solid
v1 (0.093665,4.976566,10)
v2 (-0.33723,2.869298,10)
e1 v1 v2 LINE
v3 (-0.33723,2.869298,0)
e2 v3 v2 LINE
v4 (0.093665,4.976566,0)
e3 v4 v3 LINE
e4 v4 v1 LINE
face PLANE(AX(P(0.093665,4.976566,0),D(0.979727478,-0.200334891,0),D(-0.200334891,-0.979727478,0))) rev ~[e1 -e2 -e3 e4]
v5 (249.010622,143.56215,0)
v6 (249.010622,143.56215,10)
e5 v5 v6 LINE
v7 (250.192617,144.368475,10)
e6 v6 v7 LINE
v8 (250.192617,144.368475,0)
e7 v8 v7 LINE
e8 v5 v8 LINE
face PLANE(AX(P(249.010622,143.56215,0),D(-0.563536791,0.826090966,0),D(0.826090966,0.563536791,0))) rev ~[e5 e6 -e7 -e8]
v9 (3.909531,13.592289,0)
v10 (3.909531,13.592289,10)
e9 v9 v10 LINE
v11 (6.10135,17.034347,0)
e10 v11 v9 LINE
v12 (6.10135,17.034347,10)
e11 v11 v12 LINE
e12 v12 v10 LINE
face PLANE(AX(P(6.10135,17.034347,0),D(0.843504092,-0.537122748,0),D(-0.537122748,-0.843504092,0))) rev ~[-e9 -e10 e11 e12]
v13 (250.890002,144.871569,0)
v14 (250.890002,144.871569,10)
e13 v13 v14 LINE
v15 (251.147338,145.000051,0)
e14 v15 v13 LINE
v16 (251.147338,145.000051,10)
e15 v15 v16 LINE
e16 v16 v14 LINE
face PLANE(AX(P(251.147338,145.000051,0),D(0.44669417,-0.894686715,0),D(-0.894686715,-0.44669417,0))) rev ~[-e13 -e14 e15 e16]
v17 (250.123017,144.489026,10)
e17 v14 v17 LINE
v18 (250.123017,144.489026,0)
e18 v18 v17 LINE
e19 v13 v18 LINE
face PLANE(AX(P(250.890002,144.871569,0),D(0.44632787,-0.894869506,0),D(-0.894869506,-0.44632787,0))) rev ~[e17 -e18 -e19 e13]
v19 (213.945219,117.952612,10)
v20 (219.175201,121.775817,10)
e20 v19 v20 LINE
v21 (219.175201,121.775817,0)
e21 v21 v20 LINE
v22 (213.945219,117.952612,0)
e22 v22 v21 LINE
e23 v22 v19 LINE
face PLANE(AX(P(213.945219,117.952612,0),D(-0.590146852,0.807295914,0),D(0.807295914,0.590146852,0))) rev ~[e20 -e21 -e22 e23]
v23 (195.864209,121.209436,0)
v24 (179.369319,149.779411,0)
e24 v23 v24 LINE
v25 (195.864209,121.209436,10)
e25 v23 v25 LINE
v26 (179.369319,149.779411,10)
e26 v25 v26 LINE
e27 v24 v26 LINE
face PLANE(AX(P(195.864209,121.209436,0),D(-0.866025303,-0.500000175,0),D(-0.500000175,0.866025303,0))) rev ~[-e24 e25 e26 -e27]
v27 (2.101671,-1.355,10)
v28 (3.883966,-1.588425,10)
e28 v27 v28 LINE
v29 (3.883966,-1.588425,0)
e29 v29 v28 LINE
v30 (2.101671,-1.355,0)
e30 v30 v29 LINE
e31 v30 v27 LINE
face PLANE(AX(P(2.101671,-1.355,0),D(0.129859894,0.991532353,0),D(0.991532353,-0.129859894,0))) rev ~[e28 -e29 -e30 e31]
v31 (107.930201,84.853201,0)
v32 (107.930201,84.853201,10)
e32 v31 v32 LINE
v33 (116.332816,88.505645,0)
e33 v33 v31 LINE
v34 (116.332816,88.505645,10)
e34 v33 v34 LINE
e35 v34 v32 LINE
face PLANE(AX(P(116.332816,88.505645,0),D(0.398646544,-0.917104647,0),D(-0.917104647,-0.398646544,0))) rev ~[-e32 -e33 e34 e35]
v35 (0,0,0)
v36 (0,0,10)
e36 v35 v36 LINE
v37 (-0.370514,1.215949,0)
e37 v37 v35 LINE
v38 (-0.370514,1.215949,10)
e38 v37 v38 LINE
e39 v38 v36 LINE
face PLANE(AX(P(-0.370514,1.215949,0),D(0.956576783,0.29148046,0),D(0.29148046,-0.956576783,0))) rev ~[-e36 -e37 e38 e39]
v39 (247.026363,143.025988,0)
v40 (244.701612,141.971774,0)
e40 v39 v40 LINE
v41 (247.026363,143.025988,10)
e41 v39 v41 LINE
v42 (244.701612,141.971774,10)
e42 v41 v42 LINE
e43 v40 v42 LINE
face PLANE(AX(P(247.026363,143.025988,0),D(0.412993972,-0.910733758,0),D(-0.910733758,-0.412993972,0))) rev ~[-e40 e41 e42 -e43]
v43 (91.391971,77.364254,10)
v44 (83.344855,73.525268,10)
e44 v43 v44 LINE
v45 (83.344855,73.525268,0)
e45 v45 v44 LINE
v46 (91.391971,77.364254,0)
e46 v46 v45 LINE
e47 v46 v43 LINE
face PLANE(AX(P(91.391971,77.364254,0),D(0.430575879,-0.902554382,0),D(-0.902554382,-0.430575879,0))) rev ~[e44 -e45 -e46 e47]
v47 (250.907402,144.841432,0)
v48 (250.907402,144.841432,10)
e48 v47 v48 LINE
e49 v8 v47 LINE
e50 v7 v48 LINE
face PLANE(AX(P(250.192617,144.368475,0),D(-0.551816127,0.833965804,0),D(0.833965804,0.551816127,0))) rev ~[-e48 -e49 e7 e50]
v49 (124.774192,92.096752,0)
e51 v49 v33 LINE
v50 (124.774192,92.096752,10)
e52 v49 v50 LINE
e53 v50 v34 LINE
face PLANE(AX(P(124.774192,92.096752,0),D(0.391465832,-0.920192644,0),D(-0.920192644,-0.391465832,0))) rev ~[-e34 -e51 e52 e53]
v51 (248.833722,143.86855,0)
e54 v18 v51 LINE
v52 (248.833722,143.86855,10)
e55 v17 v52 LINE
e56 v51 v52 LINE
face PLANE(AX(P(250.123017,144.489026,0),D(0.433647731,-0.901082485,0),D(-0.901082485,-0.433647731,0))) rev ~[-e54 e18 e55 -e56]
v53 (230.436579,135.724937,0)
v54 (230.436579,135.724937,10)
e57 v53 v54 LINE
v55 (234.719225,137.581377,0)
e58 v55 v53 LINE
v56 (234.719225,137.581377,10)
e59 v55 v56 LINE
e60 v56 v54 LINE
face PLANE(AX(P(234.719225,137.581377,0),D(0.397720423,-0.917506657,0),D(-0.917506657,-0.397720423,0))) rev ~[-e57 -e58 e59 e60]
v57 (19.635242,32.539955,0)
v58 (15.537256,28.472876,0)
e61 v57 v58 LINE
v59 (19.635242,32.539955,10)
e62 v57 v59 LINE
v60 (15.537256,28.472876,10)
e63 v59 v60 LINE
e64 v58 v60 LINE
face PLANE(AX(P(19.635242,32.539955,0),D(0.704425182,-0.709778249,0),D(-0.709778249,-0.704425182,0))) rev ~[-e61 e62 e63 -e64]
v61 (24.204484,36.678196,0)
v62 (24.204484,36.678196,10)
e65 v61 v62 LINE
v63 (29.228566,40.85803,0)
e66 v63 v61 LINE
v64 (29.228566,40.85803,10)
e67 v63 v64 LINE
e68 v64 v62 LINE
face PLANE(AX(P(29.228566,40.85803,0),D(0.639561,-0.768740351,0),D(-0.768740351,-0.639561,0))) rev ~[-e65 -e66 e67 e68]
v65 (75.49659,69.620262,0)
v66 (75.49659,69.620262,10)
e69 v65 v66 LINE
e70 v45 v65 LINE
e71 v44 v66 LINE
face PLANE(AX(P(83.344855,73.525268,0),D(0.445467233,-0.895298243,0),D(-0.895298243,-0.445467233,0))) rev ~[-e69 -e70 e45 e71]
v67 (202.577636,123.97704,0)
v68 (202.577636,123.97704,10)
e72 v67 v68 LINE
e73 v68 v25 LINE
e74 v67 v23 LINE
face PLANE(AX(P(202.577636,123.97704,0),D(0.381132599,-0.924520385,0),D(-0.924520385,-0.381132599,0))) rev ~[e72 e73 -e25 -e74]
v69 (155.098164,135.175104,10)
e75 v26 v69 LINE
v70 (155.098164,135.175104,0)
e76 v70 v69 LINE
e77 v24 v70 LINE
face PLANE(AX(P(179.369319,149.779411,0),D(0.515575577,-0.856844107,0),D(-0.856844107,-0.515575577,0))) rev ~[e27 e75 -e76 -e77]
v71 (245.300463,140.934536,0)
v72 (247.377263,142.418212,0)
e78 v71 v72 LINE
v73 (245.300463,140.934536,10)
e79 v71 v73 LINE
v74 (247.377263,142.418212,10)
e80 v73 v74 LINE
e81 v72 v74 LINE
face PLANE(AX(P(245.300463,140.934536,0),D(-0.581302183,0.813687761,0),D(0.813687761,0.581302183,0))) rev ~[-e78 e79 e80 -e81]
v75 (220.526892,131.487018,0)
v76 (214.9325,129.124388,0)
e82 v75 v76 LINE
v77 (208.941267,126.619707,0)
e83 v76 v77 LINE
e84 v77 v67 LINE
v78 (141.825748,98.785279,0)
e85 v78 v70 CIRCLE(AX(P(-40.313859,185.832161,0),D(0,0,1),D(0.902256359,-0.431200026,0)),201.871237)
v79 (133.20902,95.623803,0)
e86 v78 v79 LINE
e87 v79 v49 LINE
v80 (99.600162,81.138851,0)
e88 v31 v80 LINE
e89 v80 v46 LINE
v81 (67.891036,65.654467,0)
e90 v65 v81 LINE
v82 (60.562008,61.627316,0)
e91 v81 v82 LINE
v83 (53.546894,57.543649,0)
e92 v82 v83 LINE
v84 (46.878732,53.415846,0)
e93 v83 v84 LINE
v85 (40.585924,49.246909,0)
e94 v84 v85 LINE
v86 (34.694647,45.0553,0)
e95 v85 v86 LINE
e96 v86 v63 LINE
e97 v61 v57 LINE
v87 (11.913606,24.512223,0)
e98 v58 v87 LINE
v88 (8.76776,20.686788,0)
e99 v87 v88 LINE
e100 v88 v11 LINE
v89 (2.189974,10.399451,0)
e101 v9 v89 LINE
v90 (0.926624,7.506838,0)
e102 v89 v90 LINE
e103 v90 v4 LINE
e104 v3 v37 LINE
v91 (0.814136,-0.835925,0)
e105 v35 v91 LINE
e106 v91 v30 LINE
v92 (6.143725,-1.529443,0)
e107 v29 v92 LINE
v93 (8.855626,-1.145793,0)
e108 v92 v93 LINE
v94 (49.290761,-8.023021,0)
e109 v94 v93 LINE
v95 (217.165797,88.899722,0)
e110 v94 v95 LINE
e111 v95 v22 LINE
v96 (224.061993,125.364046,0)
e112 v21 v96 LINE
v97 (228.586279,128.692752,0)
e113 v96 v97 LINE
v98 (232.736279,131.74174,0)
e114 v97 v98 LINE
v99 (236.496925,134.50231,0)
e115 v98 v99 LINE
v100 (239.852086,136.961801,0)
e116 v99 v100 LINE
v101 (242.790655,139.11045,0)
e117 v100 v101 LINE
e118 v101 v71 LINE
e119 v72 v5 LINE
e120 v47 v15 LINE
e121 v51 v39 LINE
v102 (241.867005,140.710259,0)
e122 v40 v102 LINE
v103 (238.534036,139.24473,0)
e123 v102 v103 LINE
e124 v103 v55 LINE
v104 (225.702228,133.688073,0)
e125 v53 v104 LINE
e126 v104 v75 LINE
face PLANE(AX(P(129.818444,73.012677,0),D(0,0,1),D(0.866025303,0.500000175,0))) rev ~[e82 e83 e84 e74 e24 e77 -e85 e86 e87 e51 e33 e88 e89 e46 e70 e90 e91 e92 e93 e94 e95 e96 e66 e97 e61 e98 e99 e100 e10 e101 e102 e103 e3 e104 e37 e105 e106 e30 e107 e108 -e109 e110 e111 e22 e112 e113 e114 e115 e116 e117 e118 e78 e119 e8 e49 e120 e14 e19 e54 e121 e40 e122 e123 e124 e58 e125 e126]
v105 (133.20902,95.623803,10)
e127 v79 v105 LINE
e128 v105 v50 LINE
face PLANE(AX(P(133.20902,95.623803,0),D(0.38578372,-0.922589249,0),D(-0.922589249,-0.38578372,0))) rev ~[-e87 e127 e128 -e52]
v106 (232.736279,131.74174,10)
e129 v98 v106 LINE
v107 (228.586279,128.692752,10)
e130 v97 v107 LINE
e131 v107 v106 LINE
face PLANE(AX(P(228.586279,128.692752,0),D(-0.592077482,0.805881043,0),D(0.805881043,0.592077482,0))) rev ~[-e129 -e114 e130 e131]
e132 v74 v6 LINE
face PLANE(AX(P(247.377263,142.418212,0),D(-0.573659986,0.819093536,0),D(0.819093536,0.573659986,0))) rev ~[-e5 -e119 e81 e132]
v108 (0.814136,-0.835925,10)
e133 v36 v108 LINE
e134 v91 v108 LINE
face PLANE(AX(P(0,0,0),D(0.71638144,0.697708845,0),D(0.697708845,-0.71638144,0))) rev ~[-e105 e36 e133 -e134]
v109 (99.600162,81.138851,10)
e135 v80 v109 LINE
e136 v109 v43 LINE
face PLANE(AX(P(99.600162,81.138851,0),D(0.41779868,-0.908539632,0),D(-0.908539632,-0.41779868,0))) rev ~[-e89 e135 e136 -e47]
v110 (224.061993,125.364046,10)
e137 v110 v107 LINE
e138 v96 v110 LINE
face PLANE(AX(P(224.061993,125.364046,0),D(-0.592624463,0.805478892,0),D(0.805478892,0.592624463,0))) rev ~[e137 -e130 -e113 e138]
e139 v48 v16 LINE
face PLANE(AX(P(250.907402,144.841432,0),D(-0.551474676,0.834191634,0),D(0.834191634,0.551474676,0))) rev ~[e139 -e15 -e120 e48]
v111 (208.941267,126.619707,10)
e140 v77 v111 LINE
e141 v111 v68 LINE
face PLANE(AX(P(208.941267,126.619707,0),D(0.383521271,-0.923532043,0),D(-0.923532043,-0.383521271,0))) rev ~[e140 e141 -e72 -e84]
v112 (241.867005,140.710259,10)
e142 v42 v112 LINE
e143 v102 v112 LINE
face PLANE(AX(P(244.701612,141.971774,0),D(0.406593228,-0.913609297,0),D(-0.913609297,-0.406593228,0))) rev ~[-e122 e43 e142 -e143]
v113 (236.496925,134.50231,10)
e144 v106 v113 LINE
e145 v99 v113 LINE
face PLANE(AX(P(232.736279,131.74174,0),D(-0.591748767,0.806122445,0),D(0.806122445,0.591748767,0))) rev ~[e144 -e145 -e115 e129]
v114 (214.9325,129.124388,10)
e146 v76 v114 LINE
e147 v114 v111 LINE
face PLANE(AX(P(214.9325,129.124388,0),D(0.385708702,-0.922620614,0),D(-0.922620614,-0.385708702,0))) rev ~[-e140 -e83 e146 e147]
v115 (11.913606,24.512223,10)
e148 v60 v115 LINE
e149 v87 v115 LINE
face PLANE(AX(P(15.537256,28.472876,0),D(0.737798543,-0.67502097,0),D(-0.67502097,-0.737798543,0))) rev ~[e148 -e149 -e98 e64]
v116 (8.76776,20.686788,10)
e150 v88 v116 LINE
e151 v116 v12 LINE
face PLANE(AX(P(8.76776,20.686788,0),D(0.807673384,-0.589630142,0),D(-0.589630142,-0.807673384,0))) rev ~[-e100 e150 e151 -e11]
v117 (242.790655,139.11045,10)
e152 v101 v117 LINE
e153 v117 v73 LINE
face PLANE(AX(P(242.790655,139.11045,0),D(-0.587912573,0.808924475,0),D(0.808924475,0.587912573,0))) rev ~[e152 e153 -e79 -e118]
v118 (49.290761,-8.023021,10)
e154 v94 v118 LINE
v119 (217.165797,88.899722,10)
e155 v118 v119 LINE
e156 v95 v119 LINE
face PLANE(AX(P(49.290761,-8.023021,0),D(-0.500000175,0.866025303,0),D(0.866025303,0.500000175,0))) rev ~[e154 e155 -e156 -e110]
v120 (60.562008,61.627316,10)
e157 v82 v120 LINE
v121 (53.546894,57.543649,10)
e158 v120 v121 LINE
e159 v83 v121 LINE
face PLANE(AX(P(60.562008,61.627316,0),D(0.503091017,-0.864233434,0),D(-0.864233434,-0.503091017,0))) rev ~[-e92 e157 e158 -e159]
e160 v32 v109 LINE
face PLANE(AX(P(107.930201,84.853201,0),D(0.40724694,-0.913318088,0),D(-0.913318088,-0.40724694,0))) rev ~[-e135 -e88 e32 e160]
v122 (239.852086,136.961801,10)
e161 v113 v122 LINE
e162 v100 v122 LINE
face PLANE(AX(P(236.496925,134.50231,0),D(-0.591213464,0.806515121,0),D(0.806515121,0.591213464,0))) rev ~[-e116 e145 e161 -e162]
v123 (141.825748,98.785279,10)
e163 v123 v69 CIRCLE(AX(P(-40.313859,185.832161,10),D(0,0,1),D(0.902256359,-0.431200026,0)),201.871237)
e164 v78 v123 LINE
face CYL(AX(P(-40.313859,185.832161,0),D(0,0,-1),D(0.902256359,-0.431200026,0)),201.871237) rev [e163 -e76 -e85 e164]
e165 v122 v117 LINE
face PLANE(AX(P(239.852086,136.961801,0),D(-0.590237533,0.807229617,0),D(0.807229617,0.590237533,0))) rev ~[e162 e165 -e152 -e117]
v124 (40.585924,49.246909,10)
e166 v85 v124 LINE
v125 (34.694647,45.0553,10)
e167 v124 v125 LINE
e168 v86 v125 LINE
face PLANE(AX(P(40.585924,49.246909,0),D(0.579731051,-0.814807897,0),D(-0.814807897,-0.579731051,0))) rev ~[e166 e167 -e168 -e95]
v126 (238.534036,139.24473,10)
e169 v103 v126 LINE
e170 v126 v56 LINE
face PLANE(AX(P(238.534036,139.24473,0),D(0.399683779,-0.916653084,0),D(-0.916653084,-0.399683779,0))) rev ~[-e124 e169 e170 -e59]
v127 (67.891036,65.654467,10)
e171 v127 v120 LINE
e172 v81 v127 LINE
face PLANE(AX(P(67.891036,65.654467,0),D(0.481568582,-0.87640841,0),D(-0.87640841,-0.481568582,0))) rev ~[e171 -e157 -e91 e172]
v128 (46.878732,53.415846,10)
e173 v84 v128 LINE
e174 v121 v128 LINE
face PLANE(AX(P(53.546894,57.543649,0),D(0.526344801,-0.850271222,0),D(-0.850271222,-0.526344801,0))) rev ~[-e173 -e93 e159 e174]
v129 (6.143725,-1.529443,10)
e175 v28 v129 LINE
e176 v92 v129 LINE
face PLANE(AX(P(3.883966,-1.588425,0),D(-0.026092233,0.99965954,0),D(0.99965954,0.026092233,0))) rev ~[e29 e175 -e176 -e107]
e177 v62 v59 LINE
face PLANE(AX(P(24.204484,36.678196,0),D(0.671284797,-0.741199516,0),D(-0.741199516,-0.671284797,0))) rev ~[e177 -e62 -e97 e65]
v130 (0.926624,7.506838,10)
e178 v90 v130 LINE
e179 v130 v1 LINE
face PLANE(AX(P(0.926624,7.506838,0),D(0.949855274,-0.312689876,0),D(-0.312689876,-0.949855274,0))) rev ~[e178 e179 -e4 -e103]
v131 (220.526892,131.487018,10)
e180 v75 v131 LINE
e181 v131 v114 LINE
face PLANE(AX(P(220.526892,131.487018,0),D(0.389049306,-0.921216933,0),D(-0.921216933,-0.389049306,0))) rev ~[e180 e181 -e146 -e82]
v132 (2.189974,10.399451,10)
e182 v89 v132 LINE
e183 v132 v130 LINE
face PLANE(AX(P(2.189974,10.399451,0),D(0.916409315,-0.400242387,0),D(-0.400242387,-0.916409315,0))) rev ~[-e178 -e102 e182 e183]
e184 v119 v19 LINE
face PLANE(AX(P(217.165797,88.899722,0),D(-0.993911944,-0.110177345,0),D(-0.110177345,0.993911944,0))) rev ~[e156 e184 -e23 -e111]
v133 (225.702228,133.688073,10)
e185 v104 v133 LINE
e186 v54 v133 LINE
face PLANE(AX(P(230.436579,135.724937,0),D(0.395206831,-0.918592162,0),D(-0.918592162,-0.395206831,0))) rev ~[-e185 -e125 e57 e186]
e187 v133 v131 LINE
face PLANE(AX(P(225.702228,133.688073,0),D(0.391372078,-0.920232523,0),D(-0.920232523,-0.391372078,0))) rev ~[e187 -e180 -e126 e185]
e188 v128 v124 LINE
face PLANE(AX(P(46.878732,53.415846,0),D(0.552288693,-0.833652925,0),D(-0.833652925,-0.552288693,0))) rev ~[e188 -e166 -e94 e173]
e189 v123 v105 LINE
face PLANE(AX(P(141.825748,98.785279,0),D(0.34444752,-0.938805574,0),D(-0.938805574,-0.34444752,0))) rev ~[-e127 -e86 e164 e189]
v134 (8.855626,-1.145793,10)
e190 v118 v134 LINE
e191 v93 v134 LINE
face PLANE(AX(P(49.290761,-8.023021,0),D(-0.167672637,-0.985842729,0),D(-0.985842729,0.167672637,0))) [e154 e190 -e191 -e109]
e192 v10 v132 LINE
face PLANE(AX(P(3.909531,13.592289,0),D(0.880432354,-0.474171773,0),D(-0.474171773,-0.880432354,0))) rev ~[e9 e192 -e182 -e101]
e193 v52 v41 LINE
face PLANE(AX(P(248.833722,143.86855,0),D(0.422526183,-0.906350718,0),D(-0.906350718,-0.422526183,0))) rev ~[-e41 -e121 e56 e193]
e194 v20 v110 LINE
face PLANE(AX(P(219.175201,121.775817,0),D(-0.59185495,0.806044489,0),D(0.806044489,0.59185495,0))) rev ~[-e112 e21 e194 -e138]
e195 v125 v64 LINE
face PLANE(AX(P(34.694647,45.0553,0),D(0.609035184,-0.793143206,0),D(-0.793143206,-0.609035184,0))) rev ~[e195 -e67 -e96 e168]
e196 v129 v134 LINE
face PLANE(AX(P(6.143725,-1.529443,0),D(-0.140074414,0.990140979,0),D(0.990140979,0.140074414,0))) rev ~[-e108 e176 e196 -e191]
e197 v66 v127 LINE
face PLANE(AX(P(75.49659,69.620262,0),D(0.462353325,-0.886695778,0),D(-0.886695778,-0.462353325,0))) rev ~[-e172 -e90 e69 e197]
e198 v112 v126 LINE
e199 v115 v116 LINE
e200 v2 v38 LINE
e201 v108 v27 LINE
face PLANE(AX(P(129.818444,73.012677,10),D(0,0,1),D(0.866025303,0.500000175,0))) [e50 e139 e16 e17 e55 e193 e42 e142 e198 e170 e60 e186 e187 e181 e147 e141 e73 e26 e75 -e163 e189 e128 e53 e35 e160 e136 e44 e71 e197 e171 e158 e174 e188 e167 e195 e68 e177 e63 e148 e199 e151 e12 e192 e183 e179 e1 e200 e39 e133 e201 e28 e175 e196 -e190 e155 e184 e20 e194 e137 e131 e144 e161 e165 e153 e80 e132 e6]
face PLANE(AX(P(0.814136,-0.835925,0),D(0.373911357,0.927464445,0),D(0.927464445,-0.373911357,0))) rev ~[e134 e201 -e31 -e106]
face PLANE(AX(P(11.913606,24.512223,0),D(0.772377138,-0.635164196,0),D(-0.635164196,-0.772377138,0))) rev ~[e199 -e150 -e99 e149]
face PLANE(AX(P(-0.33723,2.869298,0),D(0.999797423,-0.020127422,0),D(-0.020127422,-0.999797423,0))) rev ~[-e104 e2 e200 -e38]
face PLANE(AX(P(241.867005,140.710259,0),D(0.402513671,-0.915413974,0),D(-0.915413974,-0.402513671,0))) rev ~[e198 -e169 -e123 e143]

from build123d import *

# Parameters (mm, degrees)
PAD_DEPTH = 10


with BuildPart() as part:
    # Sketch → Pad (new body)
    with BuildSketch(Plane(origin=(0, 0, 0), x_dir=(0.866025, 0.5, 0), z_dir=(0, 0, 1))):
        with BuildLine():
            Line((290, 0), (289.7129, 0.0174))
            Line((289.7129, 0.0174), (288.8574, 0.0696))
            Line((288.8574, 0.0696), (287.4306, 0.1769))
            Line((287.4306, 0.1769), (285.4441, 0.3509))
            Line((285.4441, 0.3509), (282.9037, 0.6003))
            Line((282.9037, 0.6003), (279.8181, 0.9251))
            Line((279.8181, 0.9251), (276.1989, 1.3224))
            Line((276.1989, 1.3224), (272.0635, 1.7893))
            Line((272.0635, 1.7893), (267.4264, 2.3229))
            Line((267.4264, 2.3229), (262.3079, 2.9261))
            Line((262.3079, 2.9261), (256.7254, 3.6076))
            Line((256.7254, 3.6076), (250.6992, 4.3587))
            Line((250.6992, 4.3587), (244.2583, 5.1852))
            Line((244.2583, 5.1852), (237.4259, 6.0784))
            Line((237.4259, 6.0784), (230.2281, 7.0383))
            Line((230.2281, 7.0383), (230.2281, 40.028069))
            Line((230.2281, 40.028069), (201.90651, 39.515951))
            ThreePointArc((172.217343, 14.637652), (187.660006, 26.363067), (201.90651, 39.515951))
            Line((172.217343, 14.637652), (163.1743, 16.2081))
            Line((163.1743, 16.2081), (154.106, 17.371))
            Line((154.106, 17.371), (145, 18.4817))
            Line((145, 18.4817), (135.8969, 19.5199))
            Line((135.8969, 19.5199), (126.8257, 20.4682))
            Line((126.8257, 20.4682), (117.8299, 21.3034))
            Line((117.8299, 21.3034), (108.9414, 22.0023))
            Line((108.9414, 22.0023), (100.1921, 22.5446))
            Line((100.1921, 22.5446), (91.6226, 22.9129))
            Line((91.6226, 22.9129), (83.2619, 23.0898))
            Line((83.2619, 23.0898), (75.1448, 23.0608))
            Line((75.1448, 23.0608), (67.3061, 22.8201))
            Line((67.3061, 22.8201), (59.7719, 22.3561))
            Line((59.7719, 22.3561), (52.5741, 21.6717))
            Line((52.5741, 21.6717), (45.7417, 20.7698))
            Line((45.7417, 20.7698), (39.3008, 19.662))
            Line((39.3008, 19.662), (33.2746, 18.3628))
            Line((33.2746, 18.3628), (27.6921, 16.8896))
            Line((27.6921, 16.8896), (22.5736, 15.2714))
            Line((22.5736, 15.2714), (17.9365, 13.5314))
            Line((17.9365, 13.5314), (13.8011, 11.7015))
            Line((13.8011, 11.7015), (10.1819, 9.8165))
            Line((10.1819, 9.8165), (7.0963, 7.9112))
            Line((7.0963, 7.9112), (4.5559, 6.0378))
            Line((4.5559, 6.0378), (2.5694, 4.263))
            Line((2.5694, 4.263), (1.1426, 2.6535))
            Line((1.1426, 2.6535), (0.2871, 1.2383))
            Line((0.2871, 1.2383), (0, 0))
            Line((0, 0), (0.2871, -1.131))
            Line((0.2871, -1.131), (1.1426, -2.2243))
            Line((1.1426, -2.2243), (2.5694, -3.3176))
            Line((2.5694, -3.3176), (4.5559, -4.3964))
            Line((4.5559, -4.3964), (7.0963, -5.4201))
            Line((38.675534, -31.593528), (7.0963, -5.4201))
            Line((38.675534, -31.593528), (232.520951, -31.593528))
            Line((232.520951, -31.593528), (244.2583, -4.8227))
            Line((244.2583, -4.8227), (250.6992, -4.1267))
            Line((250.6992, -4.1267), (256.7254, -3.4626))
            Line((256.7254, -3.4626), (262.3079, -2.842))
            Line((262.3079, -2.842), (267.4264, -2.2765))
            Line((267.4264, -2.2765), (272.0635, -1.7661))
            Line((272.0635, -1.7661), (276.1989, -1.3137))
            Line((276.1989, -1.3137), (279.8181, -0.9222))
            Line((279.8181, -0.9222), (282.9037, -0.5974))
            Line((282.9037, -0.5974), (285.4441, -0.3509))
            Line((285.4441, -0.3509), (287.4306, -0.1769))
            Line((287.4306, -0.1769), (288.8574, -0.0696))
            Line((288.8574, -0.0696), (289.7129, -0.0174))
            Line((289.7129, -0.0174), (290, 0))
        make_face()
    extrude(amount=PAD_DEPTH)


solid = part.part
